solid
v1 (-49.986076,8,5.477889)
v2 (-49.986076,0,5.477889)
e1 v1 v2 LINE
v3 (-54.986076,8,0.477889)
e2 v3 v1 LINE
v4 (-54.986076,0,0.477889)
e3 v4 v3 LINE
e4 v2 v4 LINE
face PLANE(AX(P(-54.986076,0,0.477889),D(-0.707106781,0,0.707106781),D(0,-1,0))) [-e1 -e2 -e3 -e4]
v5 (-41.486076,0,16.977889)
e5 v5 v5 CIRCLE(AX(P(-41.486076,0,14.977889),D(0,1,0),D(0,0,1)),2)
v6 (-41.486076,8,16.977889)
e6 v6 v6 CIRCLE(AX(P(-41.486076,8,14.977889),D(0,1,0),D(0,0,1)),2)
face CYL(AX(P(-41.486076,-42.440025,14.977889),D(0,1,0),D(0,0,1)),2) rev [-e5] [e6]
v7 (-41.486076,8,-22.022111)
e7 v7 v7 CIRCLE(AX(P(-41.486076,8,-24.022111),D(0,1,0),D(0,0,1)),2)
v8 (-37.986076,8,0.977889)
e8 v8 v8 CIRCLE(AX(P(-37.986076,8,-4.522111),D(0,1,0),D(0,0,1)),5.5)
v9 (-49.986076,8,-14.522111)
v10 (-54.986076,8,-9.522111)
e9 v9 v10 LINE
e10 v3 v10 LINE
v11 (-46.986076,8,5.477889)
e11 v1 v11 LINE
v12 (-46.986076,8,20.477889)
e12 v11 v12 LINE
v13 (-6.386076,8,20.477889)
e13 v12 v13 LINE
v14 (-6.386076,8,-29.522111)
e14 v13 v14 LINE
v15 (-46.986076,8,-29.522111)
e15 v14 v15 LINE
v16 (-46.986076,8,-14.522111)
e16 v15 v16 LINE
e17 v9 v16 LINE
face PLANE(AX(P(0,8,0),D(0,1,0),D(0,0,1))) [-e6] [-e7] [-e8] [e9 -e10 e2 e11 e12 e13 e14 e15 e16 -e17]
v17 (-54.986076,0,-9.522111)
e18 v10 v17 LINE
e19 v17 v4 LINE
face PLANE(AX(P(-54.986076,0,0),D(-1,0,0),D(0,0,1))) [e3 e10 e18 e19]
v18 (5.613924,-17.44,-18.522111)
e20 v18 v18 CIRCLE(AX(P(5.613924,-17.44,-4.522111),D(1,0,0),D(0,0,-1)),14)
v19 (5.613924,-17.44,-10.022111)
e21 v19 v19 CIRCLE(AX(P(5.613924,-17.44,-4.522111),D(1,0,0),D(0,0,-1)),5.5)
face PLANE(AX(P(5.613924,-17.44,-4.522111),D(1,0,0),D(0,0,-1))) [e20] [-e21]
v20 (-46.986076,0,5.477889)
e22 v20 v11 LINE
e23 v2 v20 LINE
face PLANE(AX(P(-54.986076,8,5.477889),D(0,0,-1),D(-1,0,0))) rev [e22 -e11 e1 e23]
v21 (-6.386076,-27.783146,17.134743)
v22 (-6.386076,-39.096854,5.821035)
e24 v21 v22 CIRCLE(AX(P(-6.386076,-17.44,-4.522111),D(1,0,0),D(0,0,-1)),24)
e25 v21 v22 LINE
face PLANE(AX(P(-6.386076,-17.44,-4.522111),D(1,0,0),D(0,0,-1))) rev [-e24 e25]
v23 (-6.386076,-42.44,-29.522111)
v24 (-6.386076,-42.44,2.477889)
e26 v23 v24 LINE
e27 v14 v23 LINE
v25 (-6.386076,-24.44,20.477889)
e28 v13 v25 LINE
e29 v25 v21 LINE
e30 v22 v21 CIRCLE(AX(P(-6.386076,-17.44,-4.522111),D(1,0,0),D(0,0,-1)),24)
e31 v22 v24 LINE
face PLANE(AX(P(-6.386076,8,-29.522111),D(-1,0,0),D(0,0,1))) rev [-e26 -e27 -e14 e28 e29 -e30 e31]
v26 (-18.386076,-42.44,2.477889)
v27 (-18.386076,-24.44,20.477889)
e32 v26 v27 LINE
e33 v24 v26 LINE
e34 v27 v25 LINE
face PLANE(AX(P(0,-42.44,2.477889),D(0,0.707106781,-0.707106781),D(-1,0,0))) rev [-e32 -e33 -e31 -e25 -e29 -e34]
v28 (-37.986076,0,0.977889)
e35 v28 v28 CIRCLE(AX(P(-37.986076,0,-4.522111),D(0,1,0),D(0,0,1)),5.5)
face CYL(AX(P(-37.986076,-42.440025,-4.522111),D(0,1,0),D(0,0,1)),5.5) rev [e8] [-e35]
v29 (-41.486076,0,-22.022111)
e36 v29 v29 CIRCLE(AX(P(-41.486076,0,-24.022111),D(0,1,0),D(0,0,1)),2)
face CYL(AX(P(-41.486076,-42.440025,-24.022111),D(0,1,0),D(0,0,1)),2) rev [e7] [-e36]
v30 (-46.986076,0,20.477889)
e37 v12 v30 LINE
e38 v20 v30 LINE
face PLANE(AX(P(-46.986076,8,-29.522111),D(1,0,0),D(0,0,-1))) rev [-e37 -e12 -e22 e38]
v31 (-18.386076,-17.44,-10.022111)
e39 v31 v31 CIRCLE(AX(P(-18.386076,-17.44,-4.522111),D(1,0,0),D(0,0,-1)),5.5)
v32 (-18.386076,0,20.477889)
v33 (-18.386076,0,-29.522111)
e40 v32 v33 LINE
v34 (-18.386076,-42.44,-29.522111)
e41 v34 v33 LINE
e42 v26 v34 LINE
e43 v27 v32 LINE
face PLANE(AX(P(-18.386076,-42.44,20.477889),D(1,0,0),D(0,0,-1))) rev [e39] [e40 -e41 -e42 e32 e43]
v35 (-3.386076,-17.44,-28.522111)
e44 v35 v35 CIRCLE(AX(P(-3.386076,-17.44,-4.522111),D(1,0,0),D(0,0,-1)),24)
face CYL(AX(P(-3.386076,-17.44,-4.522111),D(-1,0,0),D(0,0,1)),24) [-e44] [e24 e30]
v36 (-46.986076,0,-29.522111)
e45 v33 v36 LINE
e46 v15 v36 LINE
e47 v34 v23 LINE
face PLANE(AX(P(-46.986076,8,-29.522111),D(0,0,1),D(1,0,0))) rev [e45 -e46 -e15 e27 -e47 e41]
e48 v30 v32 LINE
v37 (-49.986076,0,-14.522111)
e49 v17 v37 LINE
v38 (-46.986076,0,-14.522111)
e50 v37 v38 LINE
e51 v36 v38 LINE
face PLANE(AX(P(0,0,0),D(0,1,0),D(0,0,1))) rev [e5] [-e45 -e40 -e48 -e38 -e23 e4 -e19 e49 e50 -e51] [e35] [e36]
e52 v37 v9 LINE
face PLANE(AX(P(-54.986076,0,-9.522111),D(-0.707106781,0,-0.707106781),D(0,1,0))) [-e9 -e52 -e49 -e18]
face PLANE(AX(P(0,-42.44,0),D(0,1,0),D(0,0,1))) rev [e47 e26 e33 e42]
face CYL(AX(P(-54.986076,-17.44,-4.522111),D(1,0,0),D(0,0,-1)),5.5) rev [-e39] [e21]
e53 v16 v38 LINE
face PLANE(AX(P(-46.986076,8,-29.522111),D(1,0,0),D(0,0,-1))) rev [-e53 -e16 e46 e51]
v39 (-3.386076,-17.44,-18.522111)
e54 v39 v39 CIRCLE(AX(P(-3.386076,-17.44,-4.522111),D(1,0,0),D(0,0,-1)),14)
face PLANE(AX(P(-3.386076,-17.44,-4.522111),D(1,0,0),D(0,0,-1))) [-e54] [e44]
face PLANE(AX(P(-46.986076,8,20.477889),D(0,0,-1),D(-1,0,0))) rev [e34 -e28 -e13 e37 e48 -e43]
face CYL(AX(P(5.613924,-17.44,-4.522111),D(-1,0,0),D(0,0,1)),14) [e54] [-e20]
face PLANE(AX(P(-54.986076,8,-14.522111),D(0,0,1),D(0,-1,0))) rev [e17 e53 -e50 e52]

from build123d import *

# Parameters (mm, degrees)
ESQUISSE1_W             = 40.6
ESQUISSE1_H             = 50
BOSS_EXTRU_1_DEPTH      = 8
ESQUISSE2_W             = 12
ESQUISSE2_H             = 50
BOSS_EXTRU_2_DEPTH      = 42.44
CHANFREIN1_SIZE         = 18
ESQUISSE3_R             = 24
BOSS_EXTRU_3_DEPTH      = 3
ESQUISSE4_R             = 14
BOSS_EXTRU_4_DEPTH      = 9
ESQUISSE5_W             = 20
ESQUISSE5_H             = 8
BOSS_EXTRU_5_DEPTH      = 8
CHANFREIN2_SIZE         = 5
CHANFREIN3_SIZE         = 5
ESQUISSE6_R             = 5.5
ENL_V_MAT_EXTRU_1_DEPTH = 81.244733381
ESQUISSE7_R             = 5.5
ENL_V_MAT_EXTRU_2_DEPTH = 80.655939168
ESQUISSE8_R             = 2
ENL_V_MAT_EXTRU_3_DEPTH = 81.244733381


with BuildPart() as part:
    # Esquisse1 → Boss.-Extru.1 (new body)
    with BuildSketch(Plane(origin=(0, 0, 0), x_dir=(1, 0, 0), z_dir=(0, 1, 0))):
        with Locations((-26.686076334, 4.522111117)):
            Rectangle(ESQUISSE1_W, ESQUISSE1_H)
    extrude(amount=BOSS_EXTRU_1_DEPTH)

    # Esquisse2 → Boss.-Extru.2 (add)
    with BuildSketch(Plane(origin=(0, 0, 0), x_dir=(-1, 0, 0), z_dir=(0, -1, 0))):
        with Locations((12.386076334, 4.522111117)):
            Rectangle(ESQUISSE2_W, ESQUISSE2_H)
    extrude(amount=BOSS_EXTRU_2_DEPTH)

    # Chanfrein1
    chanfrein1_edges = [part.edges().sort_by_distance(p)[0] for p in [
        (-12.386076334, -42.44, 20.477888883),
    ]]
    chamfer(chanfrein1_edges, length=CHANFREIN1_SIZE)

    # Esquisse3 → Boss.-Extru.3 (add)
    with BuildSketch(Plane(origin=(-6.386076334, 0, 0), x_dir=(0, 0, -1), z_dir=(1, 0, 0))):
        with Locations(Location((4.522111117, -17.44, 0), (0, 0, 205.528779366))):
            Circle(ESQUISSE3_R)
    extrude(amount=BOSS_EXTRU_3_DEPTH)

    # Esquisse4 → Boss.-Extru.4 (add)
    with BuildSketch(Plane(origin=(-3.386076334, 0, 0), x_dir=(0, 0, -1), z_dir=(1, 0, 0))):
        with Locations((4.522111117, -17.44)):
            Circle(ESQUISSE4_R)
    extrude(amount=BOSS_EXTRU_4_DEPTH)

    # Esquisse5 → Boss.-Extru.5 (add)
    with BuildSketch(Plane.ZY.offset(46.986076334)):
        with Locations((-4.522111117, 4)):
            Rectangle(ESQUISSE5_W, ESQUISSE5_H)
    extrude(amount=BOSS_EXTRU_5_DEPTH)

    # Chanfrein2
    chanfrein2_edges = [part.edges().sort_by_distance(p)[0] for p in [
        (-54.986076334, 4, 5.477888883),
    ]]
    chamfer(chanfrein2_edges, length=CHANFREIN2_SIZE)

    # Chanfrein3
    chanfrein3_edges = [part.edges().sort_by_distance(p)[0] for p in [
        (-54.986076334, 4, -14.522111117),
    ]]
    chamfer(chanfrein3_edges, length=CHANFREIN3_SIZE)

    # Esquisse6 → Enlèv. mat.-Extru.1 (cut, through all)
    with BuildSketch(Plane(origin=(0, 8, 0), x_dir=(1, 0, 0), z_dir=(0, 1, 0))):
        with Locations(Location((-37.986076334, 4.522111117, 0), (0, 0, 270))):
            Circle(ESQUISSE6_R)
    extrude(amount=-ENL_V_MAT_EXTRU_1_DEPTH, mode=Mode.SUBTRACT)

    # Esquisse7 → Enlèv. mat.-Extru.2 (cut, through all)
    with BuildSketch(Plane(origin=(5.613923666, 0, 0), x_dir=(0, 0, -1), z_dir=(1, 0, 0))):
        with Locations((4.522111117, -17.44)):
            Circle(ESQUISSE7_R)
    extrude(amount=-ENL_V_MAT_EXTRU_2_DEPTH, mode=Mode.SUBTRACT)

    # Esquisse8 → Enlèv. mat.-Extru.3 (cut, through all)
    with BuildSketch(Plane(origin=(0, 8, 0), x_dir=(1, 0, 0), z_dir=(0, 1, 0))):
        with Locations(Location((-41.486076334, -14.977888883, 0), (0, 0, 270))):
            Circle(ESQUISSE8_R)
        with Locations(Location((-41.486076334, 24.022111117, 0), (0, 0, 270))):
            Circle(ESQUISSE8_R)
    extrude(amount=-ENL_V_MAT_EXTRU_3_DEPTH, mode=Mode.SUBTRACT)


solid = part.part
